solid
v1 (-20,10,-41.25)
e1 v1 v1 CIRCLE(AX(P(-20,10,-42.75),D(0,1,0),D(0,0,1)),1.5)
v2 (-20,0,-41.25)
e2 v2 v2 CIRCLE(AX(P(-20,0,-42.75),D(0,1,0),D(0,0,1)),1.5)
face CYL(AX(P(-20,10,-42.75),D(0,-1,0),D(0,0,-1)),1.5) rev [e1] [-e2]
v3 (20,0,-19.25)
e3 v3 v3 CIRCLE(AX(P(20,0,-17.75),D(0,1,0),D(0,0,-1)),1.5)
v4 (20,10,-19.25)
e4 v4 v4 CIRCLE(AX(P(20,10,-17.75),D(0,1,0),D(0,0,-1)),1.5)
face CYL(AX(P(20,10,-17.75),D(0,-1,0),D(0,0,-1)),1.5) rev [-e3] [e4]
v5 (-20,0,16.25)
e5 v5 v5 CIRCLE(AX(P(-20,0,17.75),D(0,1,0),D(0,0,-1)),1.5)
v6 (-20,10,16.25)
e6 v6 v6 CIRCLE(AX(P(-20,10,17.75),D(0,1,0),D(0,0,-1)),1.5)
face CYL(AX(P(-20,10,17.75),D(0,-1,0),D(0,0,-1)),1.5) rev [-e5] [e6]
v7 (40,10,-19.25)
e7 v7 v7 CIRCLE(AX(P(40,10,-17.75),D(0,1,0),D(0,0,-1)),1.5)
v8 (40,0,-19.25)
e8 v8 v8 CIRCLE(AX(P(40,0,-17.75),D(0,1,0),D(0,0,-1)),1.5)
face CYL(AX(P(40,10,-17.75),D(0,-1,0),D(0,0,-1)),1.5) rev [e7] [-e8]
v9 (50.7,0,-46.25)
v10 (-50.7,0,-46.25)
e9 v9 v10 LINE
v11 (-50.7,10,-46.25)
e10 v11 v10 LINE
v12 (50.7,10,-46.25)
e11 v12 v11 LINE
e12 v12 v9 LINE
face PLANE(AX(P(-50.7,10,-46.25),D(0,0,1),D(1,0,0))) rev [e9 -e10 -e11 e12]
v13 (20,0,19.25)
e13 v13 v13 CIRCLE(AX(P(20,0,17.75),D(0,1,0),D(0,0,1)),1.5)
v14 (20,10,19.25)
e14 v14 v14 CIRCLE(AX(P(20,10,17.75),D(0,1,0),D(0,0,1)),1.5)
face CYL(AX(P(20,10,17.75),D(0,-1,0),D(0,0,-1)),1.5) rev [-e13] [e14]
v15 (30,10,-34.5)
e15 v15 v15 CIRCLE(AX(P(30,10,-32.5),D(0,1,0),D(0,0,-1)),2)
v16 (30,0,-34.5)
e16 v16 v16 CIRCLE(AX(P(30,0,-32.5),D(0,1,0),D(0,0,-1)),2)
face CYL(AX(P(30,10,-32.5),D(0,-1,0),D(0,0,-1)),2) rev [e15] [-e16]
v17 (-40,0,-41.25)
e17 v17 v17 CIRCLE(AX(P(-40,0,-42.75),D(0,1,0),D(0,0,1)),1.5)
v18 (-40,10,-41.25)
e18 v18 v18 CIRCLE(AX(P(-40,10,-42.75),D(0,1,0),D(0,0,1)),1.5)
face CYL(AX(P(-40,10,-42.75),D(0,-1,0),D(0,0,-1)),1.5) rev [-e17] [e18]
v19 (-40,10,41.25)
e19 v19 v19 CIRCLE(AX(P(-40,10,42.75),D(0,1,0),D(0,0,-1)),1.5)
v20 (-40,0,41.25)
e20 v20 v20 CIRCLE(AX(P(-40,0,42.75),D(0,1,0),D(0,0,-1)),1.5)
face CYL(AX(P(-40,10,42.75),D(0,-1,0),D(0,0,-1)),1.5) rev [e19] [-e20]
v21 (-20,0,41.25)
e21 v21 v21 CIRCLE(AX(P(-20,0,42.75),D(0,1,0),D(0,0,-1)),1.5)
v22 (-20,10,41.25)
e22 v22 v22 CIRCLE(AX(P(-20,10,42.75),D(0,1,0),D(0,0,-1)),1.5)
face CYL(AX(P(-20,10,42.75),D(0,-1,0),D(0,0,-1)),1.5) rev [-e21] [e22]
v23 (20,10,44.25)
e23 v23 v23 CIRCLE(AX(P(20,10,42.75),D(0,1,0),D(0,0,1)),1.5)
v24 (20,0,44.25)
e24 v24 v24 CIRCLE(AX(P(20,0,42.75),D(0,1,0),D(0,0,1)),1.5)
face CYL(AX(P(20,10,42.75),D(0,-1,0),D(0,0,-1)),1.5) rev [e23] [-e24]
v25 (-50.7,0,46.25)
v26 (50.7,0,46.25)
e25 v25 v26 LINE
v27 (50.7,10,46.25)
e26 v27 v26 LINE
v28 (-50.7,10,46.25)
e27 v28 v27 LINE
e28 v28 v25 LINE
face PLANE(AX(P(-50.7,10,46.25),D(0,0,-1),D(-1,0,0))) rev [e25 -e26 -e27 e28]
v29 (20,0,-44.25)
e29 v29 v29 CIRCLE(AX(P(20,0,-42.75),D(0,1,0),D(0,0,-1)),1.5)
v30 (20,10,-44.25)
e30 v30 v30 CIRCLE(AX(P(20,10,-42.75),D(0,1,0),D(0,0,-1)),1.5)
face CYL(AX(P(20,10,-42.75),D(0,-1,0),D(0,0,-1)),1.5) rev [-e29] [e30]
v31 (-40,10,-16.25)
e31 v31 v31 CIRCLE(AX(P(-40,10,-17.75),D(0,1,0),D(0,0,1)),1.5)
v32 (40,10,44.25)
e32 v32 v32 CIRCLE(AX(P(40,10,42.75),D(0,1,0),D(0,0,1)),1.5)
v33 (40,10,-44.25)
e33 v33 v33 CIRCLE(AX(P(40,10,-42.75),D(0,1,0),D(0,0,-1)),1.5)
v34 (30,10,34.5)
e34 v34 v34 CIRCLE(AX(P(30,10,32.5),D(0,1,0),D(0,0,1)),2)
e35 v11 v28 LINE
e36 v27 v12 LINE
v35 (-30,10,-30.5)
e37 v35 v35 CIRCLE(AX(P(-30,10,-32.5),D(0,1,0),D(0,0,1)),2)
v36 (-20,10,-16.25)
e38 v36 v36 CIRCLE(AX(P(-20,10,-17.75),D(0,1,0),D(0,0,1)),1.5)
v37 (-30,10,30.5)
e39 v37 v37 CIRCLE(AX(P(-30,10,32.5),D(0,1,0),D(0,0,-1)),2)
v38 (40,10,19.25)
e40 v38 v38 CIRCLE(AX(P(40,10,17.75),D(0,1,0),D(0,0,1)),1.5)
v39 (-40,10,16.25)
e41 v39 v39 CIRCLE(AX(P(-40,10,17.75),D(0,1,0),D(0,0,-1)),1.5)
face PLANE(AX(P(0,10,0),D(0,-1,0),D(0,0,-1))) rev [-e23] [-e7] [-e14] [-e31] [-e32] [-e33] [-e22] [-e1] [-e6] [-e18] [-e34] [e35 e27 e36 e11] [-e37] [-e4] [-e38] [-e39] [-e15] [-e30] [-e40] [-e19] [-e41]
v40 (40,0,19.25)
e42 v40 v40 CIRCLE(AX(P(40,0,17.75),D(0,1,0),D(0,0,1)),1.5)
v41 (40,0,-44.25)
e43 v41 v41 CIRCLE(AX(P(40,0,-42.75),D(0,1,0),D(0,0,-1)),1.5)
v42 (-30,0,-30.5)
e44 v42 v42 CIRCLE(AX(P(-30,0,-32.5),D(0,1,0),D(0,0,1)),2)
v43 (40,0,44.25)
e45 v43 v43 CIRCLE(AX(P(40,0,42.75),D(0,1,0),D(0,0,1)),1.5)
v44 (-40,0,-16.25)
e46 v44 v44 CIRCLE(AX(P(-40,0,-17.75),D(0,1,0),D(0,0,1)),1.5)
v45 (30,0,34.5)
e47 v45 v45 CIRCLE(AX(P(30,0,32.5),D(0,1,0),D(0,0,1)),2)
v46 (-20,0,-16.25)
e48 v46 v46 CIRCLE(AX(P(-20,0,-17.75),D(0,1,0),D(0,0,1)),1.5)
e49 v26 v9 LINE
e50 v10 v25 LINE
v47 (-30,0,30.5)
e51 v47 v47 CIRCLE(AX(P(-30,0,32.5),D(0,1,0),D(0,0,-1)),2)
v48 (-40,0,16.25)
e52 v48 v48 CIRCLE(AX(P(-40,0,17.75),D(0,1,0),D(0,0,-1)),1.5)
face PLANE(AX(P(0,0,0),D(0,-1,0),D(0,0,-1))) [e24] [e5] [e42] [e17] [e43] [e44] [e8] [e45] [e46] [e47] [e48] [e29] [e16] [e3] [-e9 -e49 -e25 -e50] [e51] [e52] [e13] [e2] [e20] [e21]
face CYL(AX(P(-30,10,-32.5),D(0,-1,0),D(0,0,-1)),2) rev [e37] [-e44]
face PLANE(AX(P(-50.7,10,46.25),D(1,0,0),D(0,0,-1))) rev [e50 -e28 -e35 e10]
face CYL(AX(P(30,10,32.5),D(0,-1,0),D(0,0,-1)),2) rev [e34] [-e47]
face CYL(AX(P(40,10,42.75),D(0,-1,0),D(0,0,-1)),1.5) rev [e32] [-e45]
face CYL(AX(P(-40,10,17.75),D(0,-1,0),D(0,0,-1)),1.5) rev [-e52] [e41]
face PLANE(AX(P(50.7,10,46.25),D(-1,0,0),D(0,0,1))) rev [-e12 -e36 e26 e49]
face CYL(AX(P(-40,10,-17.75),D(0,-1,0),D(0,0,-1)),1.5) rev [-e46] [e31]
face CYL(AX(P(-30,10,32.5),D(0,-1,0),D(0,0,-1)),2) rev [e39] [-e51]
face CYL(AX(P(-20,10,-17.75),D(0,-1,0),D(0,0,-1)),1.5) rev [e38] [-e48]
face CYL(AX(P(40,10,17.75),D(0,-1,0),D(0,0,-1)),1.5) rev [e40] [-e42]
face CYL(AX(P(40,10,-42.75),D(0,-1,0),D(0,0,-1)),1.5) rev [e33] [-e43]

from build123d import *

# Parameters (mm, degrees)
SKETCH1_W           = 101.4
SKETCH1_H           = 92.5
SKETCH1_R           = 1.5
SKETCH1_R_2         = 2
BOSS_EXTRUDE1_DEPTH = 10


with BuildPart() as part:
    # Sketch1 → Boss-Extrude1 (new body)
    with BuildSketch(Plane(origin=(0, 0, 0), x_dir=(1, 0, 0), z_dir=(0, 1, 0))):
        Rectangle(SKETCH1_W, SKETCH1_H)
        with Locations((-40, 42.75)):
            Circle(SKETCH1_R, mode=Mode.SUBTRACT)
        with Locations((-20, 42.75)):
            Circle(SKETCH1_R, mode=Mode.SUBTRACT)
        with Locations((-20, 17.75)):
            Circle(SKETCH1_R, mode=Mode.SUBTRACT)
        with Locations((-40, 17.75)):
            Circle(SKETCH1_R, mode=Mode.SUBTRACT)
        with Locations((-40, -42.75)):
            Circle(SKETCH1_R, mode=Mode.SUBTRACT)
        with Locations((-20, -42.75)):
            Circle(SKETCH1_R, mode=Mode.SUBTRACT)
        with Locations((-20, -17.75)):
            Circle(SKETCH1_R, mode=Mode.SUBTRACT)
        with Locations((-40, -17.75)):
            Circle(SKETCH1_R, mode=Mode.SUBTRACT)
        with Locations((40, -17.75)):
            Circle(SKETCH1_R, mode=Mode.SUBTRACT)
        with Locations((20, -17.75)):
            Circle(SKETCH1_R, mode=Mode.SUBTRACT)
        with Locations((20, -42.75)):
            Circle(SKETCH1_R, mode=Mode.SUBTRACT)
        with Locations((40, -42.75)):
            Circle(SKETCH1_R, mode=Mode.SUBTRACT)
        with Locations((40, 17.75)):
            Circle(SKETCH1_R, mode=Mode.SUBTRACT)
        with Locations((20, 17.75)):
            Circle(SKETCH1_R, mode=Mode.SUBTRACT)
        with Locations((20, 42.75)):
            Circle(SKETCH1_R, mode=Mode.SUBTRACT)
        with Locations((40, 42.75)):
            Circle(SKETCH1_R, mode=Mode.SUBTRACT)
        with Locations((-30, 32.5)):
            Circle(SKETCH1_R_2, mode=Mode.SUBTRACT)
        with Locations((30, 32.5)):
            Circle(SKETCH1_R_2, mode=Mode.SUBTRACT)
        with Locations((30, -32.5)):
            Circle(SKETCH1_R_2, mode=Mode.SUBTRACT)
        with Locations((-30, -32.5)):
            Circle(SKETCH1_R_2, mode=Mode.SUBTRACT)
    extrude(amount=BOSS_EXTRUDE1_DEPTH)


solid = part.part
